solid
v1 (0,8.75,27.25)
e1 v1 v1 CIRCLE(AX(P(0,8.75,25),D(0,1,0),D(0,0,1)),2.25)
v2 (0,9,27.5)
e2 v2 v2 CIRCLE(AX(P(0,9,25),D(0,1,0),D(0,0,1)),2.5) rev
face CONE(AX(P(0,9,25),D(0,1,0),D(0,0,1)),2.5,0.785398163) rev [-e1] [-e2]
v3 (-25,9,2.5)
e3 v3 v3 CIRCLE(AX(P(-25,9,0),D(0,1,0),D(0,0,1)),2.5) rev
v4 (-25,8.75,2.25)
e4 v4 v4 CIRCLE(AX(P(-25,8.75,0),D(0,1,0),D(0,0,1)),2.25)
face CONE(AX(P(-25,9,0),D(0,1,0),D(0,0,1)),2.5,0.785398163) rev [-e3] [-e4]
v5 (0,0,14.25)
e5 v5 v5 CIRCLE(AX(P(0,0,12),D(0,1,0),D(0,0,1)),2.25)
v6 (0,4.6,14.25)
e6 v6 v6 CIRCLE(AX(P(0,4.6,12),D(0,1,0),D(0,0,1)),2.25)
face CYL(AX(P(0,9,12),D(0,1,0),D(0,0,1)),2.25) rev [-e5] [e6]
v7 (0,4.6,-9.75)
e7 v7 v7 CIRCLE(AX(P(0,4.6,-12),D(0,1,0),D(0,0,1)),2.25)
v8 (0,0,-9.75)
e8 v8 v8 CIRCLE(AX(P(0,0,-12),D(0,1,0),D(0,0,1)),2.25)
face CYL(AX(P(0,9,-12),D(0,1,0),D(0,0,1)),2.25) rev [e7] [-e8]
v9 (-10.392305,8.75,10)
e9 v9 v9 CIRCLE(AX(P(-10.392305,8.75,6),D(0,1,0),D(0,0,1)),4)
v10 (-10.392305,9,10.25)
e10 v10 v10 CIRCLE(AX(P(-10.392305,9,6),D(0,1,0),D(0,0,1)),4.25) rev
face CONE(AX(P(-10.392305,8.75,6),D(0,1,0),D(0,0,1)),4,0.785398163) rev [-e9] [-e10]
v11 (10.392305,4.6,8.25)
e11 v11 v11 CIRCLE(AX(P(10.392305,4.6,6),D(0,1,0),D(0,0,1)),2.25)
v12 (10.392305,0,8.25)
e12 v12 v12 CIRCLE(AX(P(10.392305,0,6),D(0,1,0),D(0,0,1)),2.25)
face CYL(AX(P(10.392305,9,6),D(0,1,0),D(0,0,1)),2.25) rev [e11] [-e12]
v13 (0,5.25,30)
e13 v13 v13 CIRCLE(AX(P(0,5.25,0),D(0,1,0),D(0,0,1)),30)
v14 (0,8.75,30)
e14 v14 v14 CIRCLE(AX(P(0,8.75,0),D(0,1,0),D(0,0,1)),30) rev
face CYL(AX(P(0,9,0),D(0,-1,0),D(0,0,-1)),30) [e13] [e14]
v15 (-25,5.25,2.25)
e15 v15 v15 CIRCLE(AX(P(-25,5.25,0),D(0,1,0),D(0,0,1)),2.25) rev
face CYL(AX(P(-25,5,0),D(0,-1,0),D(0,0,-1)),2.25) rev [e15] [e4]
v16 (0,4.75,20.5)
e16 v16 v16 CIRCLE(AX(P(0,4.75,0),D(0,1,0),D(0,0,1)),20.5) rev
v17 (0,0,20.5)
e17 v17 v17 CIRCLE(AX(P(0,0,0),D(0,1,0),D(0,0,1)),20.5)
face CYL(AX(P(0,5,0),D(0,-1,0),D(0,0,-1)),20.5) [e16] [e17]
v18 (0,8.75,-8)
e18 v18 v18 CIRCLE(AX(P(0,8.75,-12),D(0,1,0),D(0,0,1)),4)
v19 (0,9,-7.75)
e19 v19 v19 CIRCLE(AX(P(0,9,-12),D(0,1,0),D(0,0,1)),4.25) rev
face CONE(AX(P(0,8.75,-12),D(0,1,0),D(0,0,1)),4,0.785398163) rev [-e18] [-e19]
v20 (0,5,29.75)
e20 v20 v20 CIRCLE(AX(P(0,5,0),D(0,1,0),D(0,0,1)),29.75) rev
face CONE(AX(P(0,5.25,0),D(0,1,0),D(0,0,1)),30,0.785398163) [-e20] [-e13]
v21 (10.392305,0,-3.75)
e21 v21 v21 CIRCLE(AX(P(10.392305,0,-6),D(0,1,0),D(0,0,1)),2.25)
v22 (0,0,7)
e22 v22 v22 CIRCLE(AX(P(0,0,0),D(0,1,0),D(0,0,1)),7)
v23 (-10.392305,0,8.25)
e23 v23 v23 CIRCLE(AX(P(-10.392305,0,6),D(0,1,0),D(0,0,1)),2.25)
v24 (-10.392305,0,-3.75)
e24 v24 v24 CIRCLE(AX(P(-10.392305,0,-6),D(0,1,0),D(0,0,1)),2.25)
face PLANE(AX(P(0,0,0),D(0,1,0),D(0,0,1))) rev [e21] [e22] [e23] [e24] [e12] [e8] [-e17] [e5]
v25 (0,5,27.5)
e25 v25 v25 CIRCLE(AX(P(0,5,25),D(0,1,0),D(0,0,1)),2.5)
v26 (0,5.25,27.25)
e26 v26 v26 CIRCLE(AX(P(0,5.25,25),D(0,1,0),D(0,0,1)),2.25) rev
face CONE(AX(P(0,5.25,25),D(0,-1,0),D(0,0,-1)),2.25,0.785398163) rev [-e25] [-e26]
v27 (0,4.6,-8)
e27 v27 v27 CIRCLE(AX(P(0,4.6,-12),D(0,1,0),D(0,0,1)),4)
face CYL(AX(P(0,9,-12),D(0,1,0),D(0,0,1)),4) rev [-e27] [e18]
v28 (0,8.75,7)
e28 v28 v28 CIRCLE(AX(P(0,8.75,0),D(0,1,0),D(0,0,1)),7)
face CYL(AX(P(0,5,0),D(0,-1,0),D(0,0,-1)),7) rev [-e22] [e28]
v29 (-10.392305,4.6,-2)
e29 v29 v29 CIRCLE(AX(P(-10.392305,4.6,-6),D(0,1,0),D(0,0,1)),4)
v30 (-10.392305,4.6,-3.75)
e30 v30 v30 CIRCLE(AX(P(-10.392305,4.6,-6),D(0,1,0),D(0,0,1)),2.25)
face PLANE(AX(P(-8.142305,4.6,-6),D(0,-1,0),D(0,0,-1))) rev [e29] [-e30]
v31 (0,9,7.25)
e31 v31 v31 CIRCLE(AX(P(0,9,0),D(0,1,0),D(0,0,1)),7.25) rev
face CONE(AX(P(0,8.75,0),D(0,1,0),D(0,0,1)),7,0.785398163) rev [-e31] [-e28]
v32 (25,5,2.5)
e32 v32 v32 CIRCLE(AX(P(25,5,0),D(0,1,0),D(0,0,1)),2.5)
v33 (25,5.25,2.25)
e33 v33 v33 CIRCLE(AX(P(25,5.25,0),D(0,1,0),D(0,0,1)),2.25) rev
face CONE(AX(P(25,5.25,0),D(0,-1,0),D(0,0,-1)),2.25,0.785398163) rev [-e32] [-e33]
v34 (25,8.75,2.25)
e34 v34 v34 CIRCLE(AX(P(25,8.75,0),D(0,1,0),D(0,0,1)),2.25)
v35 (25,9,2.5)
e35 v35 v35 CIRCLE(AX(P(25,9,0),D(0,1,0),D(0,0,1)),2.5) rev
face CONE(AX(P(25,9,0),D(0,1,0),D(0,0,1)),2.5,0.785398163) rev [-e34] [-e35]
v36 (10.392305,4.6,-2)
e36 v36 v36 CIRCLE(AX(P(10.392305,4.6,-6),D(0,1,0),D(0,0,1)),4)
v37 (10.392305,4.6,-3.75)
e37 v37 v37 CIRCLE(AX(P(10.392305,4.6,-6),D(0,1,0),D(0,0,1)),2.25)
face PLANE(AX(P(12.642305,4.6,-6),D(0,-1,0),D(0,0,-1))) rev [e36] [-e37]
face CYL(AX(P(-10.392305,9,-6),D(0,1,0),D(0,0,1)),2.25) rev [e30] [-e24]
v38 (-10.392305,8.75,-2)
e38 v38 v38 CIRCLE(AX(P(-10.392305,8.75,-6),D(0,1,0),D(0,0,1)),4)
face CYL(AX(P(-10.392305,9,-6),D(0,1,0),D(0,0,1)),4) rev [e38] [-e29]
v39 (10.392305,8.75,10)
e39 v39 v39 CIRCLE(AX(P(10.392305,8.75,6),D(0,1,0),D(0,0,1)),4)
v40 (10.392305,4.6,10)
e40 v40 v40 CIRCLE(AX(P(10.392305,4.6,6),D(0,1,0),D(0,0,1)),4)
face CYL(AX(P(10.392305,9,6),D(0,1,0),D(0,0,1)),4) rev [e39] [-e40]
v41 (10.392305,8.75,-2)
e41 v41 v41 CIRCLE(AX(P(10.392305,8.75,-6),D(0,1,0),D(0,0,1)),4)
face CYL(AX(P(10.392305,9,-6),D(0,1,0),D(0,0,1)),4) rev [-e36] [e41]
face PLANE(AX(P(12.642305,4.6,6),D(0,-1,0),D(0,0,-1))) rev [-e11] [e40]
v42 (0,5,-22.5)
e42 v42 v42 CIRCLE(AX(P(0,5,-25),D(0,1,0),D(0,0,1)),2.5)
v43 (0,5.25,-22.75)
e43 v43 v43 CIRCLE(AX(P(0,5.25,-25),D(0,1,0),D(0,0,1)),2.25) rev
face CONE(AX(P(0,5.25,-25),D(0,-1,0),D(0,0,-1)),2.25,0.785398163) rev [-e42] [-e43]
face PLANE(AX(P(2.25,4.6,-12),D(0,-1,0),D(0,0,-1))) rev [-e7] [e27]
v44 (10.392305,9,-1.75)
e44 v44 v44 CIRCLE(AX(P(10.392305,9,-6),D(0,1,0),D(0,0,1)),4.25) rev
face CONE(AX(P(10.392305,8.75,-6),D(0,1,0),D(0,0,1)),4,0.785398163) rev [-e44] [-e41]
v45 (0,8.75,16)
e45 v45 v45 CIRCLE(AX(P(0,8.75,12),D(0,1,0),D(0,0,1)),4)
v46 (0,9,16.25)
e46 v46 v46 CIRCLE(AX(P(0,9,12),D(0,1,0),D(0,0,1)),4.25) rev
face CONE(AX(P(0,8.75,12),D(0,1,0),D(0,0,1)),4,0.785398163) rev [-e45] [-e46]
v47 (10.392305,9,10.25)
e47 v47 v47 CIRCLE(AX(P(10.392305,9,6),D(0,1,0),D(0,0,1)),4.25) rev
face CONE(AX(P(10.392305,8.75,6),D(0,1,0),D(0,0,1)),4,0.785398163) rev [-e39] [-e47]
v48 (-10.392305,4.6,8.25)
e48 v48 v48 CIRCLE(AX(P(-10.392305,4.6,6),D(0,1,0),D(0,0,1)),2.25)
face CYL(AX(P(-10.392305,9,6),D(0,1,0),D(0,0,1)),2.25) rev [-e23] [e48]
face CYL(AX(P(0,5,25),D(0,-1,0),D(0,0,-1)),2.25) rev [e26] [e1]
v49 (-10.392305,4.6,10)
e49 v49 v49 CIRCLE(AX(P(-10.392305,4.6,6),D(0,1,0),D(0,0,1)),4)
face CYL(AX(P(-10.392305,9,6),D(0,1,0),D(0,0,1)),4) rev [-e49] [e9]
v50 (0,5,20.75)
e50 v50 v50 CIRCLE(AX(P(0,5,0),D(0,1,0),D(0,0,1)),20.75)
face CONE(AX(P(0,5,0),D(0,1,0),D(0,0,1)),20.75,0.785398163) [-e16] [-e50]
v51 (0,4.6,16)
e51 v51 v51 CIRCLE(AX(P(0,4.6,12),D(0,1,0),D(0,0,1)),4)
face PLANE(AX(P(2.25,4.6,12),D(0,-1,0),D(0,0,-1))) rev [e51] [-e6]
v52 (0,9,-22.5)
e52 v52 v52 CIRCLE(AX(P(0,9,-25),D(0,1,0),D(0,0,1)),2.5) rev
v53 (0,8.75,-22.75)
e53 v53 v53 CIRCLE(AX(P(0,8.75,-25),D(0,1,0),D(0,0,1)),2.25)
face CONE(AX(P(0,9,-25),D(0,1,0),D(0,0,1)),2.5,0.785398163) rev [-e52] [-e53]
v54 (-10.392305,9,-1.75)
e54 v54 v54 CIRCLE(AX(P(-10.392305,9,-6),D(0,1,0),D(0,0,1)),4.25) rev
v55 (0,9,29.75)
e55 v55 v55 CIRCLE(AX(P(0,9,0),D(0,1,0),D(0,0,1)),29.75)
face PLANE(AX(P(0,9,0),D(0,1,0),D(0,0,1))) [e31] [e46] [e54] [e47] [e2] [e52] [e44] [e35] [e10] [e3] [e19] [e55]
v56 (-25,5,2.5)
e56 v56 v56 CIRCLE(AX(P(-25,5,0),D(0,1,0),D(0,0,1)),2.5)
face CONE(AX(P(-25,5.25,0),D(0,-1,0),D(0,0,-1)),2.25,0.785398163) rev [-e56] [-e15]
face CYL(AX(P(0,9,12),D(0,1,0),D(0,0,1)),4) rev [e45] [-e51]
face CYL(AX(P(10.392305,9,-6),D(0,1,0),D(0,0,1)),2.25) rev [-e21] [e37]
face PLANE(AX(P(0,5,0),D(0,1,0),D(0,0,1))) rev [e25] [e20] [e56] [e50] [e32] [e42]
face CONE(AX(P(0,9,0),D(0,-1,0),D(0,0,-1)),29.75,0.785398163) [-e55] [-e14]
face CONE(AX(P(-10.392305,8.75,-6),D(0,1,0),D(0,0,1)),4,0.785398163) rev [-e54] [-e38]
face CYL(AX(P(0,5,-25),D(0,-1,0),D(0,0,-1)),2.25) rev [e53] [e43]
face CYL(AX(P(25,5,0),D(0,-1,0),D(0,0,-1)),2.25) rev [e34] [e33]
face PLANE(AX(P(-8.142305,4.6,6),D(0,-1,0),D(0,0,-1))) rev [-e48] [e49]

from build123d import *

# Parameters (mm, degrees)
SKIZZE1_R                                            = 20.5
SKIZZE1_R_2                                          = 7
AUFSATZ_LINEAR_AUSTRAGEN1_DEPTH                      = 5
SKIZZE3_R                                            = 30
SKIZZE3_R_2                                          = 7
AUFSATZ_LINEAR_AUSTRAGEN2_DEPTH                      = 4
DURCHGANGSLOCH_F_R_M41_D                             = 4.5
STIRNSENKUNG_F_R_M4_ZYLINDERSCHRAUBE_MIT_D           = 4.5
STIRNSENKUNG_F_R_M4_ZYLINDERSCHRAUBE_MIT_CBORE_D     = 8
STIRNSENKUNG_F_R_M4_ZYLINDERSCHRAUBE_MIT_CBORE_DEPTH = 4.4
FASE1_SIZE                                           = 0.25


with BuildPart() as part:
    # Skizze1 → Aufsatz-Linear austragen1 (new body)
    with BuildSketch(Plane(origin=(0, 0, 0), x_dir=(1, 0, 0), z_dir=(0, 1, 0))):
        with Locations(Location((0, 0, 0), (0, 0, 270))):
            Circle(SKIZZE1_R)
        with Locations(Location((0, 0, 0), (0, 0, 270))):
            Circle(SKIZZE1_R_2, mode=Mode.SUBTRACT)
    extrude(amount=AUFSATZ_LINEAR_AUSTRAGEN1_DEPTH)

    # Skizze3 → Aufsatz-Linear austragen2 (add)
    with BuildSketch(Plane(origin=(0, 5, 0), x_dir=(1, 0, 0), z_dir=(0, 1, 0))):
        with Locations(Location((0, 0, 0), (0, 0, 270))):
            Circle(SKIZZE3_R)
        with Locations(Location((0, 0, 0), (0, 0, 270))):
            Circle(SKIZZE3_R_2, mode=Mode.SUBTRACT)
    extrude(amount=AUFSATZ_LINEAR_AUSTRAGEN2_DEPTH)

    # Durchgangsloch für M41 (through all)
    with Locations(Plane(origin=(0, 5, 0), x_dir=(-1, 0, 0), z_dir=(0, -1, 0))):
        with Locations((0, 25), (-25, 0), (0, -25), (25, 0)):
            Hole(DURCHGANGSLOCH_F_R_M41_D / 2)

    # Stirnsenkung für M4 Zylinderschraube mit Innensechskant1 (through all)
    with Locations(Plane(origin=(0, 9, 0), x_dir=(1, 0, 0), z_dir=(0, 1, 0))):
        with Locations((-10.392304845, 6), (0, 12), (10.392304845, 6), (10.392304845, -6), (0, -12), (-10.392304845, -6)):
            CounterBoreHole(STIRNSENKUNG_F_R_M4_ZYLINDERSCHRAUBE_MIT_D / 2, STIRNSENKUNG_F_R_M4_ZYLINDERSCHRAUBE_MIT_CBORE_D / 2, STIRNSENKUNG_F_R_M4_ZYLINDERSCHRAUBE_MIT_CBORE_DEPTH)

    # Fase1
    fase1_edges = [part.edges().sort_by_distance(p)[0] for p in [
        (0, 9, -30),
        (0, 5, -30),
        (0, 9, -7),
        (-27.25, 5, 0),
        (-27.25, 9, 0),
        (-2.25, 5, 25),
        (-2.25, 9, 25),
        (22.75, 5, 0),
        (22.75, 9, 0),
        (-2.25, 5, -25),
        (-2.25, 9, -25),
        (-14.392304845, 9, -6),
        (0, 5, -20.5),
        (-14.392304845, 9, 6),
        (-4, 9, 12),
        (6.392304845, 9, 6),
        (6.392304845, 9, -6),
        (-4, 9, -12),
    ]]
    chamfer(fase1_edges, length=FASE1_SIZE)


solid = part.part
